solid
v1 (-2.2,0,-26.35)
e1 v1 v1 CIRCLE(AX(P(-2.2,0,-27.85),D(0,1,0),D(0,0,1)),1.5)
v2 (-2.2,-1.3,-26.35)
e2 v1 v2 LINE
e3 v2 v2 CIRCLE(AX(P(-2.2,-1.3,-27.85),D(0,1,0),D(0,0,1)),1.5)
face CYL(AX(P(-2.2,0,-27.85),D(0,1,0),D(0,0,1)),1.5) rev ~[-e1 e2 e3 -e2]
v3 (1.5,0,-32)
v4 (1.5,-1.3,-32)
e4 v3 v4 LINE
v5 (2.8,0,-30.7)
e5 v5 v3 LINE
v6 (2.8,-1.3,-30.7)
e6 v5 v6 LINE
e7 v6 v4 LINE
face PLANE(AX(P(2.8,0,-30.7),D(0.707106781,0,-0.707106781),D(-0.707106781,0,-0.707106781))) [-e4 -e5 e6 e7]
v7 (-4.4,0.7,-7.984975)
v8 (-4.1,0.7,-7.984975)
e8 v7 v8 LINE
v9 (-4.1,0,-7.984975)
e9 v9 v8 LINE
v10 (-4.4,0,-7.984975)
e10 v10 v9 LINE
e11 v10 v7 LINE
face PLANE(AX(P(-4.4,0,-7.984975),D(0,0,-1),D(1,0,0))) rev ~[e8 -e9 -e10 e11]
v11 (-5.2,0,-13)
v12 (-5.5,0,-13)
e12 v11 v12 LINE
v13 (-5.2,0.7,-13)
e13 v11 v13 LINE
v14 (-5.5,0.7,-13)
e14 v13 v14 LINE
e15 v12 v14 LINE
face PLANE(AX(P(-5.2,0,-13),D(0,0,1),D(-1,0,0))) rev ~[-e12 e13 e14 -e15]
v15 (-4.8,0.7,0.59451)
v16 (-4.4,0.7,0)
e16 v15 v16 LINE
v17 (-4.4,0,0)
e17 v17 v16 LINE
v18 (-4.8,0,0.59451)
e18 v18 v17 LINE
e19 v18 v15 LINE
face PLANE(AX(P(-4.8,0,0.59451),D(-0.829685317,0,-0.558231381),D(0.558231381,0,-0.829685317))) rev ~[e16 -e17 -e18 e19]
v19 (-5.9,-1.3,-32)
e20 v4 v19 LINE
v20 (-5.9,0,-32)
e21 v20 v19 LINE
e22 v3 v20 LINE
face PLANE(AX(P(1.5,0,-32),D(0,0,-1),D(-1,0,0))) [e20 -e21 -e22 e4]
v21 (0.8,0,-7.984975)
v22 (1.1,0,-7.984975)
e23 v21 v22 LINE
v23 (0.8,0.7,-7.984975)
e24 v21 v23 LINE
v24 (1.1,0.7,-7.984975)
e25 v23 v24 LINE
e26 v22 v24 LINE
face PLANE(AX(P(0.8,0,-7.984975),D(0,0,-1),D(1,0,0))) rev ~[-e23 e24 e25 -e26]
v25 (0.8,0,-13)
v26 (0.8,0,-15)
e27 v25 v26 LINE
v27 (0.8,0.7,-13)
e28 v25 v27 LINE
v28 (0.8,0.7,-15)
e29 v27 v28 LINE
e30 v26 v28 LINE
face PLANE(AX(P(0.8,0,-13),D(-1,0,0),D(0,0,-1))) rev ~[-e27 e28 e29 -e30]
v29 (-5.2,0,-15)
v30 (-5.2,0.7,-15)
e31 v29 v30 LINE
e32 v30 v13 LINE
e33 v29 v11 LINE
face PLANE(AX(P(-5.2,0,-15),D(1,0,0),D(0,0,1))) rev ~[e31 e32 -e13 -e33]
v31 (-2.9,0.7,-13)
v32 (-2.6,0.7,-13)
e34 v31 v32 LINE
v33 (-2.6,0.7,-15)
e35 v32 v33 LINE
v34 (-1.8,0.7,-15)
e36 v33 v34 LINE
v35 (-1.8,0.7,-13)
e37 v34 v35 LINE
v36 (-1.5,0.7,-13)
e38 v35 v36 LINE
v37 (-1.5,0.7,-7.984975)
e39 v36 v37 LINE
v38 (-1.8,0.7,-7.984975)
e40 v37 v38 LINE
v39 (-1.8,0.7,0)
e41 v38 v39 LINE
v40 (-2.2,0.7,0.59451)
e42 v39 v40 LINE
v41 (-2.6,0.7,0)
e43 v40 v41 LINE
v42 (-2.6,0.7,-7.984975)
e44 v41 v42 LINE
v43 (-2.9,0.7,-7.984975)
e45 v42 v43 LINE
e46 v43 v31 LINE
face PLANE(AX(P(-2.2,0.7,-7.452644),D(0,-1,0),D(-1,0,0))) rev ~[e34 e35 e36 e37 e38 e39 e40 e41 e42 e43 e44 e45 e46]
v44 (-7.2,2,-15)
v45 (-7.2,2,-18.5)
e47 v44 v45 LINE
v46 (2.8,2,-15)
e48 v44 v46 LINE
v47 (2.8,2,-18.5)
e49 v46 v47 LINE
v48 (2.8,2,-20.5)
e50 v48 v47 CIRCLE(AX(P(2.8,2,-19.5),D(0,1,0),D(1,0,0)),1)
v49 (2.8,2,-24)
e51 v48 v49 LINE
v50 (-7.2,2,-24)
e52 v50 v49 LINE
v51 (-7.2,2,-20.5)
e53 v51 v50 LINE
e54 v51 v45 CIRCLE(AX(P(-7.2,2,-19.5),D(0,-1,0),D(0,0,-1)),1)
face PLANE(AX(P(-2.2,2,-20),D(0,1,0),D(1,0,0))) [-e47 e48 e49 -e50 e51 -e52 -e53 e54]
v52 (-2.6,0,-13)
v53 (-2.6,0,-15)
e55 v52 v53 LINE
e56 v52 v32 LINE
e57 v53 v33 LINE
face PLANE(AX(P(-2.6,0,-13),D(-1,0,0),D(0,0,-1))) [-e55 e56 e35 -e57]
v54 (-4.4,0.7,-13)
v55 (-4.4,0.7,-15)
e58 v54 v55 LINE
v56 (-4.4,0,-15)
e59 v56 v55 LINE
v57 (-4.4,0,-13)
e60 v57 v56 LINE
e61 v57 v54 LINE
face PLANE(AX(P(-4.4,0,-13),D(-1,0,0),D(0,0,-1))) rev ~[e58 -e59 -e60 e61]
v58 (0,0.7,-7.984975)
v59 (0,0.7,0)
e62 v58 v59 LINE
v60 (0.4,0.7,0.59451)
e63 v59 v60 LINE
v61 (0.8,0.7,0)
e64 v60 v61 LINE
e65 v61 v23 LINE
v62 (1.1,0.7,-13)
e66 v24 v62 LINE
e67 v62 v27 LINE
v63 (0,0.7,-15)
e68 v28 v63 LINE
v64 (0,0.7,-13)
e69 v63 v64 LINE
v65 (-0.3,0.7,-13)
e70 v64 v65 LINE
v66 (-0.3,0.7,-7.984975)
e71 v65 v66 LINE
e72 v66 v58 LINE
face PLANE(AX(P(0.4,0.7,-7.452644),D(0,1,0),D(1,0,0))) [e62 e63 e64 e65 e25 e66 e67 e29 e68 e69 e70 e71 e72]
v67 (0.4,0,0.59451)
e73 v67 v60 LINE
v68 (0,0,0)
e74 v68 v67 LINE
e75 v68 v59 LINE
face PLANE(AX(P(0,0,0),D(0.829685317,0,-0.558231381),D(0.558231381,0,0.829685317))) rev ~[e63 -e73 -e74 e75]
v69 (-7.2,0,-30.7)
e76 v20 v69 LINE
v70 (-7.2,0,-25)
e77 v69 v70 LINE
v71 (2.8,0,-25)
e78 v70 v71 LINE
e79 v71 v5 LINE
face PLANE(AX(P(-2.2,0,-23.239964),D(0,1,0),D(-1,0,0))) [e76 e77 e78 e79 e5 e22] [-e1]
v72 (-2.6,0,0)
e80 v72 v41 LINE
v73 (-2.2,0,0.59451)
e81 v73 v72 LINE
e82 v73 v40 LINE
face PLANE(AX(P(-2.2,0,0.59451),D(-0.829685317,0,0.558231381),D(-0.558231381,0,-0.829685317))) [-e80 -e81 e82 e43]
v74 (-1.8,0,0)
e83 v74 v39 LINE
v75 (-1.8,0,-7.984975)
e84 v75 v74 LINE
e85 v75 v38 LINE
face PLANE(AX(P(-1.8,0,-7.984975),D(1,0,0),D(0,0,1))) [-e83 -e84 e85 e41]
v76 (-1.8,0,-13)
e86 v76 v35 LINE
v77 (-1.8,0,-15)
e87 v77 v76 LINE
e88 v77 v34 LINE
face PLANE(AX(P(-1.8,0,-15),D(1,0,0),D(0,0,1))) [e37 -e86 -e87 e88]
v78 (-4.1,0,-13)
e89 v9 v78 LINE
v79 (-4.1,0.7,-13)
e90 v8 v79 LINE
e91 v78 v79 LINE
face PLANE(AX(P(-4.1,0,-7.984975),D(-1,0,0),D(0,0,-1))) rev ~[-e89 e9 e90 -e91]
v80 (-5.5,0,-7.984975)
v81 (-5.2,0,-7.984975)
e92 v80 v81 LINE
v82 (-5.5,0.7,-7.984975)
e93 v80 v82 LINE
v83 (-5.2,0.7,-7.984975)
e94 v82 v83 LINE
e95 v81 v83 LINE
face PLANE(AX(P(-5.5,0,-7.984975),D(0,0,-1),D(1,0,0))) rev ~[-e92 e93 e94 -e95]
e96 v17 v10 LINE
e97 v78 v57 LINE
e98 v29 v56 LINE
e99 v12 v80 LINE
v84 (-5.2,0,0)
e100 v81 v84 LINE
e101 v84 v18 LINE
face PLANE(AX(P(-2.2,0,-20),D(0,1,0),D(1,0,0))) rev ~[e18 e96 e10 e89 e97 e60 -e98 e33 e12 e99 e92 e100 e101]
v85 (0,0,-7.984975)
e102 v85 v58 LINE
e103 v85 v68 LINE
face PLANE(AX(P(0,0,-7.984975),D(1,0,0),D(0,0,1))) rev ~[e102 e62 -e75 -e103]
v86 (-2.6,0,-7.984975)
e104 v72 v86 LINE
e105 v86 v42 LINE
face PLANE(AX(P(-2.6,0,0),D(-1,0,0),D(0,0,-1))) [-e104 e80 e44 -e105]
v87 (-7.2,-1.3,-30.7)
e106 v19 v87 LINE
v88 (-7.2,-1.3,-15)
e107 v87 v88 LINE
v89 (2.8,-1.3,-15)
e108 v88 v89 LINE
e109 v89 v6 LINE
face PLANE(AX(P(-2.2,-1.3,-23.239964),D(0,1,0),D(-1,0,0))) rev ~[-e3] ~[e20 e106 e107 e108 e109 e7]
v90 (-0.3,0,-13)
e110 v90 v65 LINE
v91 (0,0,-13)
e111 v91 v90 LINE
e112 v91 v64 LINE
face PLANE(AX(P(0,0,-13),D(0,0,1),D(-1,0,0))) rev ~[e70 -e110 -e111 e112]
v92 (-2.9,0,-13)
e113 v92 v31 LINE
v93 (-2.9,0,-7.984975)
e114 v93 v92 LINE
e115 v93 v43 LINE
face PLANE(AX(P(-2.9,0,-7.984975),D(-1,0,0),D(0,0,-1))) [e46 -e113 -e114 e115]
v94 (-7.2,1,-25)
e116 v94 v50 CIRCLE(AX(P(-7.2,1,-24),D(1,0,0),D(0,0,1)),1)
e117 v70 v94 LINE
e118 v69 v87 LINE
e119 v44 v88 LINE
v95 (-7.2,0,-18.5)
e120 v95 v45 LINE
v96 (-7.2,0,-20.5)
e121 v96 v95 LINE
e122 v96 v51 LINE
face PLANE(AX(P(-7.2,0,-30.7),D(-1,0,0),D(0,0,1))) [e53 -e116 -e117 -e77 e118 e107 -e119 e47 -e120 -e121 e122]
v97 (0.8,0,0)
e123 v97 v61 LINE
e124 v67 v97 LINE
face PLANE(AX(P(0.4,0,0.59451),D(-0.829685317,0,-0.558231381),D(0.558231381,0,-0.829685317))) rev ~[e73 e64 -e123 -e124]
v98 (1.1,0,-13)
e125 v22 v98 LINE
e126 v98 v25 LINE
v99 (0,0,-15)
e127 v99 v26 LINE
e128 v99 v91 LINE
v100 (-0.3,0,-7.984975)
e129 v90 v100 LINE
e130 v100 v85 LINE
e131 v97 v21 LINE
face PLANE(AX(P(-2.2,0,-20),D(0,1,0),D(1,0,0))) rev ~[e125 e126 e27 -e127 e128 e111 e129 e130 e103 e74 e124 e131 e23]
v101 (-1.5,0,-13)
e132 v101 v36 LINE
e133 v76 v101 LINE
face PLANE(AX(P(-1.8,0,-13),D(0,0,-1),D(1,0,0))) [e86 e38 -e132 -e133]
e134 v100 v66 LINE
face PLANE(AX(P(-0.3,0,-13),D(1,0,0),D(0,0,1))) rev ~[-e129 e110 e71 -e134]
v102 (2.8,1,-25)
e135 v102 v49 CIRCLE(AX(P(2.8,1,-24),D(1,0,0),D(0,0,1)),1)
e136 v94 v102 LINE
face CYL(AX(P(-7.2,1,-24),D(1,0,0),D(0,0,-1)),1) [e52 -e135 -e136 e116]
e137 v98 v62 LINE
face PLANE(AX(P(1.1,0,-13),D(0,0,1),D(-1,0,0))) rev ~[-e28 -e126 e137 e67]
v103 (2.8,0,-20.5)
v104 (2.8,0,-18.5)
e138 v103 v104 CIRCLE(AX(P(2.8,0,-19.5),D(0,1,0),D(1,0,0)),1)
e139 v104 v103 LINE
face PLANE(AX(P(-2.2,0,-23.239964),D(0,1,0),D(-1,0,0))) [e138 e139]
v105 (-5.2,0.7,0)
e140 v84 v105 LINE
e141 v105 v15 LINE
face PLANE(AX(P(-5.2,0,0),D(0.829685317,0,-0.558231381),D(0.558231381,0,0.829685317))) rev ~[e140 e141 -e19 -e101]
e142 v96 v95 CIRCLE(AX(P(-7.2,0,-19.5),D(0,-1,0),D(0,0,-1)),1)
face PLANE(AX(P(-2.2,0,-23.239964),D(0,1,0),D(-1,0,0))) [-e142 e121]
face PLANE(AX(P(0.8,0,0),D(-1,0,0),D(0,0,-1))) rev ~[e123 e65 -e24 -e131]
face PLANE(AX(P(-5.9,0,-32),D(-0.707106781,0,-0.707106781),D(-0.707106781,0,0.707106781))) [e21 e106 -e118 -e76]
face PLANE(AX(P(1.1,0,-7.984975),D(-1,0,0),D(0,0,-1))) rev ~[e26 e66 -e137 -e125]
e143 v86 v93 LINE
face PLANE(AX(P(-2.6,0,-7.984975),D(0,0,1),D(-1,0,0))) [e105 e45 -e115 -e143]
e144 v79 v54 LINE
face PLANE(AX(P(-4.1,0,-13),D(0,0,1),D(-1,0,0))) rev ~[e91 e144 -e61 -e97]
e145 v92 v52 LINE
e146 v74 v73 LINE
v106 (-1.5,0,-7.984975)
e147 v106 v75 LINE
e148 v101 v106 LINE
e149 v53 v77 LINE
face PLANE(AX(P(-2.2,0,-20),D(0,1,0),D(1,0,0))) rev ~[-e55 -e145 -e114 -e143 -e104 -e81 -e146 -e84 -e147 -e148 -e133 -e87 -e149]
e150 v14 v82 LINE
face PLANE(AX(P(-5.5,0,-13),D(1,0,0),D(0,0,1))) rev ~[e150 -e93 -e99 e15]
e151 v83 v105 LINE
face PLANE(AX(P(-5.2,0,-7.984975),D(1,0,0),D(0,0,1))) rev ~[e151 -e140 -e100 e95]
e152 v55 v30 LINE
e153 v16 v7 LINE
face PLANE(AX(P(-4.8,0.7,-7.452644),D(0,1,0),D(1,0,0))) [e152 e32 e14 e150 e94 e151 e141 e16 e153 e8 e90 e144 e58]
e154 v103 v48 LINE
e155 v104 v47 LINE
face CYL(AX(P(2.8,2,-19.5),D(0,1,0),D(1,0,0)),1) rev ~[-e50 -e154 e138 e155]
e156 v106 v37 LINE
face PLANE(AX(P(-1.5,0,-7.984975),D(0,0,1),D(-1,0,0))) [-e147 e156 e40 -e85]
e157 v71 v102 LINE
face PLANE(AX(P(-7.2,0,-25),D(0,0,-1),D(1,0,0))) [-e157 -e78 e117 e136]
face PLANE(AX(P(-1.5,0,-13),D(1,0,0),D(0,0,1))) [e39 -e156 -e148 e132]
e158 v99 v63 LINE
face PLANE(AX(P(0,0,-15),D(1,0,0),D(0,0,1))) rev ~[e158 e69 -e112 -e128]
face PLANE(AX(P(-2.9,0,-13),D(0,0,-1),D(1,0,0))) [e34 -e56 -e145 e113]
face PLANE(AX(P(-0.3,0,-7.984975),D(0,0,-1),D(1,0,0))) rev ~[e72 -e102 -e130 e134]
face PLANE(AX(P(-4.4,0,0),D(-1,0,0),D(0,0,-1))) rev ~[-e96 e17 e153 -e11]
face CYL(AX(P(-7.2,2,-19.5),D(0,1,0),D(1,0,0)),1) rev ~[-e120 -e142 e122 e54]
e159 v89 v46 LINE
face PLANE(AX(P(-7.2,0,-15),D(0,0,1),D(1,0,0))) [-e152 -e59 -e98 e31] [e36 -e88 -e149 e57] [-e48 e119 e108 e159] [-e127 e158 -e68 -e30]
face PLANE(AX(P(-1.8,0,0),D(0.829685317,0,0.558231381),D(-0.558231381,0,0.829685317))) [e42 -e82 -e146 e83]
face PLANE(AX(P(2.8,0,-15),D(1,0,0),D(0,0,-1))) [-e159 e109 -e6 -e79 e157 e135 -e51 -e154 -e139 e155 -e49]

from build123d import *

# Parameters (mm, degrees)
BOSS_EXTRUDE1_DEPTH   = 0.7
BOSS_EXTRUDE1_2_DEPTH = 0.7
BOSS_EXTRUDE1_3_DEPTH = 0.7
SKETCH6_W             = 10
SKETCH6_H             = 10
BOSS_EXTRUDE2_DEPTH   = 2
FILLET1_R             = 1
SKETCH7_R             = 1
CUT_EXTRUDE2_DEPTH    = 2
BOSS_EXTRUDE3_DEPTH   = 1.3
SKETCH9_R             = 1.5
CUT_EXTRUDE3_DEPTH    = 1.3


with BuildPart() as part:
    # Sketch1 → Boss-Extrude1 (new body)
    with BuildSketch(Plane(origin=(0, 0, 0), x_dir=(1, 0, 0), z_dir=(0, 1, 0))):
        Polygon((0, 0), (0.4, -0.594509979), (0.8, 0), (0.8, 7.984975303), (1.1, 7.984975303), (1.1, 13), (0.8, 13), (0.8, 15), (0, 15), (0, 13), (-0.3, 13), (-0.3, 7.984975303), (0, 7.984975303), align=None)
    extrude(amount=BOSS_EXTRUDE1_DEPTH)



with BuildPart() as body_2:
    # Sketch1 → Boss-Extrude1 2 (new body)
    with BuildSketch(Plane(origin=(0, 0, 0), x_dir=(1, 0, 0), z_dir=(0, 1, 0))):
        Polygon((-2.6, 7.984975303), (-2.9, 7.984975303), (-2.9, 13), (-2.6, 13), (-2.6, 15), (-1.8, 15), (-1.8, 13), (-1.5, 13), (-1.5, 7.984975303), (-1.8, 7.984975303), (-1.8, 0), (-2.2, -0.594509979), (-2.6, 0), align=None)
    extrude(amount=BOSS_EXTRUDE1_2_DEPTH)


with BuildPart() as body_3:
    # Sketch1 → Boss-Extrude1 3 (new body)
    with BuildSketch(Plane(origin=(0, 0, 0), x_dir=(1, 0, 0), z_dir=(0, 1, 0))):
        Polygon((-5.2, 0), (-4.8, -0.594509979), (-4.4, 0), (-4.4, 7.984975303), (-4.1, 7.984975303), (-4.1, 13), (-4.4, 13), (-4.4, 15), (-5.2, 15), (-5.2, 13), (-5.5, 13), (-5.5, 7.984975303), (-5.2, 7.984975303), align=None)
    extrude(amount=BOSS_EXTRUDE1_3_DEPTH)


with BuildPart() as part_1:
    add(part.part)

    add(body_2.part)  # Boss-Extrude2 merges body 2

    add(body_3.part)  # Boss-Extrude2 merges body 3
    # Sketch6 → Boss-Extrude2 (add)
    with BuildSketch(Plane(origin=(0, 0, 0), x_dir=(1, 0, 0), z_dir=(0, 1, 0))):
        with Locations((-2.2, 20)):
            Rectangle(SKETCH6_W, SKETCH6_H)
    extrude(amount=BOSS_EXTRUDE2_DEPTH)

    # Fillet1
    fillet1_edges = [part_1.edges().sort_by_distance(p)[0] for p in [
        (-2.2, 2, -25),
    ]]
    fillet(fillet1_edges, radius=FILLET1_R)

    # Sketch7 → Cut-Extrude2 (cut)
    with BuildSketch(Plane(origin=(0, 2, 0), x_dir=(1, 0, 0), z_dir=(0, 1, 0))):
        with Locations((-7.2, 19.5)):
            Circle(SKETCH7_R)
        with Locations((2.8, 19.5)):
            Circle(SKETCH7_R)
    extrude(amount=-CUT_EXTRUDE2_DEPTH, mode=Mode.SUBTRACT)

    # Sketch8 → Boss-Extrude3 (add)
    with BuildSketch(Plane.XZ):
        Polygon((-7.2, -15), (2.8, -15), (2.8, -30.7), (1.5, -32), (-5.9, -32), (-7.2, -30.7), align=None)
    extrude(amount=BOSS_EXTRUDE3_DEPTH)

    # Sketch9 → Cut-Extrude3 (cut)
    with BuildSketch(Plane(origin=(0, 0, 0), x_dir=(1, 0, 0), z_dir=(0, 1, 0))):
        with Locations(Location((-2.2, 27.85, 0), (0, 0, 270))):
            Circle(SKETCH9_R)
    extrude(amount=-CUT_EXTRUDE3_DEPTH, mode=Mode.SUBTRACT)


solid = part_1.part
